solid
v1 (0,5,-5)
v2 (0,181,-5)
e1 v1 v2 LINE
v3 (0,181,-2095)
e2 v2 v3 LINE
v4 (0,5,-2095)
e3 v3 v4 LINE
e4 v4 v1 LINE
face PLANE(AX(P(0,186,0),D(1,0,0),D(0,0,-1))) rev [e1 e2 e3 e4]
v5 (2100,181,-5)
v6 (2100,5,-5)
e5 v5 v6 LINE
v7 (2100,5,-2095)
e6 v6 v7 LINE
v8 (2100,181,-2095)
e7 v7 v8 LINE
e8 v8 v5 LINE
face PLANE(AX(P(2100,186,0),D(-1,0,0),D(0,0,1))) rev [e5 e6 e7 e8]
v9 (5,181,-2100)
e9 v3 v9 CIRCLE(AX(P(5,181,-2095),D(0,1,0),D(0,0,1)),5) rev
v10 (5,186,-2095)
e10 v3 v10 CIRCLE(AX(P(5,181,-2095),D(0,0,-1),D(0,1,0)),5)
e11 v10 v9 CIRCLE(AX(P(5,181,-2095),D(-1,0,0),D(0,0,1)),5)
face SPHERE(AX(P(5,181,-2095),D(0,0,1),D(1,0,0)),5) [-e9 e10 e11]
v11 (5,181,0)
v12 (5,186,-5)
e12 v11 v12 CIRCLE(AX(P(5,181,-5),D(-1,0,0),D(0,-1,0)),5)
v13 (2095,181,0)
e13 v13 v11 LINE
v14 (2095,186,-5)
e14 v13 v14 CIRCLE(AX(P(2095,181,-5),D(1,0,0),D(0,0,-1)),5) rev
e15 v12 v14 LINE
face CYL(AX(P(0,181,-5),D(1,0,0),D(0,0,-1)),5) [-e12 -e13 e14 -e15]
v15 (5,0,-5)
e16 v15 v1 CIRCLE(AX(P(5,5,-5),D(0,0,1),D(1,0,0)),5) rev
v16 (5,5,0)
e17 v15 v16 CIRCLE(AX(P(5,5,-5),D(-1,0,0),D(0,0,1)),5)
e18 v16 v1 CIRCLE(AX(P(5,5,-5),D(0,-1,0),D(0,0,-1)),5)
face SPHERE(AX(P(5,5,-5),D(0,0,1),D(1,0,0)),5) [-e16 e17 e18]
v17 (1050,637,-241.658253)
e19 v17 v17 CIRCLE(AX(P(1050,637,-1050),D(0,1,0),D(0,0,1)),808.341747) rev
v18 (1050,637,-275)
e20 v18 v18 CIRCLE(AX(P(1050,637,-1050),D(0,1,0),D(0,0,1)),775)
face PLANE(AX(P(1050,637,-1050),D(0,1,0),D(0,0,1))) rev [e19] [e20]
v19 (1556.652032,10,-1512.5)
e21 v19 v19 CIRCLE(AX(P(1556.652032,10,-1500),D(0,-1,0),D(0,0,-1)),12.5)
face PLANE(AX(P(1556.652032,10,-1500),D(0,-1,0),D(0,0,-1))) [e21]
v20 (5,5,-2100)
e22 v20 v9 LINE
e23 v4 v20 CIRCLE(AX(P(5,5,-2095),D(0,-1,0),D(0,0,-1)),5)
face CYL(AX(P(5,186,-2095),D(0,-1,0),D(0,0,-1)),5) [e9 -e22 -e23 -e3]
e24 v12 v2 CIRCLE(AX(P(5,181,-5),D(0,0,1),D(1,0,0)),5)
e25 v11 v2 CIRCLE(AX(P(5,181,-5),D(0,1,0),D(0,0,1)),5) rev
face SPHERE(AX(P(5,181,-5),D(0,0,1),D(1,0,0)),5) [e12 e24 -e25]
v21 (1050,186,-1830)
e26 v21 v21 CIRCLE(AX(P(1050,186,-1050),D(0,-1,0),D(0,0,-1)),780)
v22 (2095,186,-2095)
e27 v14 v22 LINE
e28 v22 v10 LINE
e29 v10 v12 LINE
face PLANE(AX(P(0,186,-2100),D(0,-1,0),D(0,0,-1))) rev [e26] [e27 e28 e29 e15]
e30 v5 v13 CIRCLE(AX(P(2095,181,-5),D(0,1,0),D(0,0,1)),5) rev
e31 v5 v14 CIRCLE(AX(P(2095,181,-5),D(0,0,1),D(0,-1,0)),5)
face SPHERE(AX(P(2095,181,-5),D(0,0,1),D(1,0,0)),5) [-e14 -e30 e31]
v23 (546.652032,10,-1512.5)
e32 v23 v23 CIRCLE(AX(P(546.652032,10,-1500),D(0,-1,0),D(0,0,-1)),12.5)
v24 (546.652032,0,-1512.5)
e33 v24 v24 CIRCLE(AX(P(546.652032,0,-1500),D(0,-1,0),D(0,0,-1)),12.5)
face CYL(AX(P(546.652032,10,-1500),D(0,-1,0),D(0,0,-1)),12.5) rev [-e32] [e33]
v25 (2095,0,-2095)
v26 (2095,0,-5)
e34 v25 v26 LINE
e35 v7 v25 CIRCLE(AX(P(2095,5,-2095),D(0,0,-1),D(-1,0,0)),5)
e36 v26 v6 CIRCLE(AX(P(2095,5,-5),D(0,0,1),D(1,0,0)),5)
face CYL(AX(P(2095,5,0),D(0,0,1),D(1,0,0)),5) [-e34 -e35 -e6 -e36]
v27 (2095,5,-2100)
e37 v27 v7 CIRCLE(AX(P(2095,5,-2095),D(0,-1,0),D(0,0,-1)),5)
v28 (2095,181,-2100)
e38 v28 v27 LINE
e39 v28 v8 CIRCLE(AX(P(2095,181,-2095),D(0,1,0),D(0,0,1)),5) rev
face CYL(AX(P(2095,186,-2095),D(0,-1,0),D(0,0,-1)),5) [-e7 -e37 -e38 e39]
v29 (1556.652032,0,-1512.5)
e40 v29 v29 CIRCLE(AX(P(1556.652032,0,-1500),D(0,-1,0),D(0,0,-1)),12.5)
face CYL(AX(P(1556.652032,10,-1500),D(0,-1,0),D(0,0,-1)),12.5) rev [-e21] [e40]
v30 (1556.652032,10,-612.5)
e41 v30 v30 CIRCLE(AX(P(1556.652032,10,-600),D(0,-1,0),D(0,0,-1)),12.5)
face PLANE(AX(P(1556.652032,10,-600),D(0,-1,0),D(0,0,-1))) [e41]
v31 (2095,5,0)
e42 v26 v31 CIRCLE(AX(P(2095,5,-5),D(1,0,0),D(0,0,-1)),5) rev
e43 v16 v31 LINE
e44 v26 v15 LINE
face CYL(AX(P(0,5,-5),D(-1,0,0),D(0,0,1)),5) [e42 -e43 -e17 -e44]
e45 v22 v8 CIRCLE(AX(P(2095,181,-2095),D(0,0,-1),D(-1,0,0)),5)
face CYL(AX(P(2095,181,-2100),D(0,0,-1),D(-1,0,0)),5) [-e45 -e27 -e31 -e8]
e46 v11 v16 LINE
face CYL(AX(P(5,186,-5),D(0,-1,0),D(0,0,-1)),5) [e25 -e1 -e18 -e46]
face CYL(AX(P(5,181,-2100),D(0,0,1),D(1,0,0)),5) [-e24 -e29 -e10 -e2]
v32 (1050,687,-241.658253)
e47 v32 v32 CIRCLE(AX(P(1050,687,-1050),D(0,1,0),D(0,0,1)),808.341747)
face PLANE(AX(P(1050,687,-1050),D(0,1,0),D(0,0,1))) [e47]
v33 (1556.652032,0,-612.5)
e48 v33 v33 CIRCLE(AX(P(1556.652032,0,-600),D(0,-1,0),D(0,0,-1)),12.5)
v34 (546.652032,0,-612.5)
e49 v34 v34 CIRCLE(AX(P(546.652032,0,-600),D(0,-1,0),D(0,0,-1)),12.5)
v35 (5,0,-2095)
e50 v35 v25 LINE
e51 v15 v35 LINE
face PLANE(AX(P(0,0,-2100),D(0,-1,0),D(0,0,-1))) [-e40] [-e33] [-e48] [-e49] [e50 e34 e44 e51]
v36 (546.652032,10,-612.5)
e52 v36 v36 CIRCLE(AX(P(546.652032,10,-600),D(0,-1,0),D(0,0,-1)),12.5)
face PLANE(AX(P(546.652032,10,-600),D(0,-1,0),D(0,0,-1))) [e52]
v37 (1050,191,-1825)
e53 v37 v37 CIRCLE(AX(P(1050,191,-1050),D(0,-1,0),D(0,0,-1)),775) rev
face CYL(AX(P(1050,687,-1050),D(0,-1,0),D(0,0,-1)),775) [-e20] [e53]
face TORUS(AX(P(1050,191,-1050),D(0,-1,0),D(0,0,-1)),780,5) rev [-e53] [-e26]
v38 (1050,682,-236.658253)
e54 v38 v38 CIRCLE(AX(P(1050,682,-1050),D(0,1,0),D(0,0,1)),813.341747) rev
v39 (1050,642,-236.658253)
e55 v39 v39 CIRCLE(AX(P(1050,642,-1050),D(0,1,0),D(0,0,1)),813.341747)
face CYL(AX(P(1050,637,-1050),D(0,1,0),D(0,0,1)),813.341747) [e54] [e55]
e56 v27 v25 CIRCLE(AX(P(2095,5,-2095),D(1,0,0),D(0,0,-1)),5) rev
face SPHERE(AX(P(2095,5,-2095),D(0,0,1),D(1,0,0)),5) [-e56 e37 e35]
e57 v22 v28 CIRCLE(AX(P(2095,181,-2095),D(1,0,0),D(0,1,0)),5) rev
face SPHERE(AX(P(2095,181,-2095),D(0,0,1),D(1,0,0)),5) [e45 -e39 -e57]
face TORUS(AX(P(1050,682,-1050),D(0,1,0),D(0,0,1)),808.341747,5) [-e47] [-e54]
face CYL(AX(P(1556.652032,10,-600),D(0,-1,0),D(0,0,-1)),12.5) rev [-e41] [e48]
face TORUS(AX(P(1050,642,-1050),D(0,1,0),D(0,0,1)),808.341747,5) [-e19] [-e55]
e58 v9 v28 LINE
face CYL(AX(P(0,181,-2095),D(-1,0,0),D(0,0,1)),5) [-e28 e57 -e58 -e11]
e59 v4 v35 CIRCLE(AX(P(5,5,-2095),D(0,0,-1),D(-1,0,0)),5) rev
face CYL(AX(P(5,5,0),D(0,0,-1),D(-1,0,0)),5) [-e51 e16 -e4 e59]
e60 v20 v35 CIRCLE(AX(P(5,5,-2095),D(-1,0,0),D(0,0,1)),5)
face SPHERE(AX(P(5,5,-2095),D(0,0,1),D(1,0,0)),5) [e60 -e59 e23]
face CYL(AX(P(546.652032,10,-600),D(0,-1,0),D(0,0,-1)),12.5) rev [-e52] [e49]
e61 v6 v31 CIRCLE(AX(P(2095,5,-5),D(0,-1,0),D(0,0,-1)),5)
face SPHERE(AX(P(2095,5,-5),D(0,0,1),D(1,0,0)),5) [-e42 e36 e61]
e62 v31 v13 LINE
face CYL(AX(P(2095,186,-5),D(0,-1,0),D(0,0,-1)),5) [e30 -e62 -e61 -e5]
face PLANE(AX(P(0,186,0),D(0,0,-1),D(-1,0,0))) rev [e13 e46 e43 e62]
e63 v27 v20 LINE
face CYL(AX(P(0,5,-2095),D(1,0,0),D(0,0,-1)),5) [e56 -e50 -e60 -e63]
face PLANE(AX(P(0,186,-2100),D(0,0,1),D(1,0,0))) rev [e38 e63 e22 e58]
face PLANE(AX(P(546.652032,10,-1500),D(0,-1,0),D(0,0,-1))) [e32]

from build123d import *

# Parameters (mm, degrees)
SKETCH1_W           = 2100
SKETCH1_H           = 2100
BOSS_EXTRUDE1_DEPTH = 186
SKETCH2_R           = 775
BOSS_EXTRUDE2_DEPTH = 501
SKETCH3_R           = 813.34174717
BOSS_EXTRUDE3_DEPTH = 50
SKETCH4_R           = 12.5
CUT_EXTRUDE1_DEPTH  = 10
FILLET1_R           = 5


with BuildPart() as part:
    # Sketch1 → Boss-Extrude1 (new body)
    with BuildSketch(Plane(origin=(0, 0, 0), x_dir=(1, 0, 0), z_dir=(0, 1, 0))):
        with Locations((1050, 1050)):
            Rectangle(SKETCH1_W, SKETCH1_H)
    extrude(amount=BOSS_EXTRUDE1_DEPTH)

    # Sketch2 → Boss-Extrude2 (add)
    with BuildSketch(Plane(origin=(0, 186, 0), x_dir=(1, 0, 0), z_dir=(0, 1, 0))):
        with Locations(Location((1050, 1050, 0), (0, 0, 90))):
            Circle(SKETCH2_R)
    extrude(amount=BOSS_EXTRUDE2_DEPTH)

    # Sketch3 → Boss-Extrude3 (add)
    with BuildSketch(Plane(origin=(0, 687, 0), x_dir=(1, 0, 0), z_dir=(0, 1, 0))):
        with Locations(Location((1050, 1050, 0), (0, 0, 270))):
            Circle(SKETCH3_R)
    extrude(amount=-BOSS_EXTRUDE3_DEPTH)

    # Sketch4 → Cut-Extrude1 (cut)
    with BuildSketch(Plane.XZ):
        with Locations(Location((546.652032242, -600, 0), (0, 0, 270))):
            Circle(SKETCH4_R)
        with Locations(Location((1556.652032242, -600, 0), (0, 0, 270))):
            Circle(SKETCH4_R)
        with Locations(Location((546.652032242, -1500, 0), (0, 0, 270))):
            Circle(SKETCH4_R)
        with Locations(Location((1556.652032242, -1500, 0), (0, 0, 270))):
            Circle(SKETCH4_R)
    extrude(amount=-CUT_EXTRUDE1_DEPTH, mode=Mode.SUBTRACT)

    # Fillet1
    fillet1_edges = [part.edges().sort_by_distance(p)[0] for p in [
        (2100, 186, -1050),
        (1050, 186, -2100),
        (1050, 186, -275),
        (1050, 687, -1863.34174717),
        (1050, 637, -1863.34174717),
        (0, 186, -1050),
        (1050, 0, -2100),
        (2100, 0, -1050),
        (1050, 0, 0),
        (0, 0, -1050),
        (1050, 186, 0),
        (0, 93, -2100),
        (2100, 93, -2100),
        (2100, 93, 0),
        (0, 93, 0),
    ]]
    fillet(fillet1_edges, radius=FILLET1_R)


solid = part.part
